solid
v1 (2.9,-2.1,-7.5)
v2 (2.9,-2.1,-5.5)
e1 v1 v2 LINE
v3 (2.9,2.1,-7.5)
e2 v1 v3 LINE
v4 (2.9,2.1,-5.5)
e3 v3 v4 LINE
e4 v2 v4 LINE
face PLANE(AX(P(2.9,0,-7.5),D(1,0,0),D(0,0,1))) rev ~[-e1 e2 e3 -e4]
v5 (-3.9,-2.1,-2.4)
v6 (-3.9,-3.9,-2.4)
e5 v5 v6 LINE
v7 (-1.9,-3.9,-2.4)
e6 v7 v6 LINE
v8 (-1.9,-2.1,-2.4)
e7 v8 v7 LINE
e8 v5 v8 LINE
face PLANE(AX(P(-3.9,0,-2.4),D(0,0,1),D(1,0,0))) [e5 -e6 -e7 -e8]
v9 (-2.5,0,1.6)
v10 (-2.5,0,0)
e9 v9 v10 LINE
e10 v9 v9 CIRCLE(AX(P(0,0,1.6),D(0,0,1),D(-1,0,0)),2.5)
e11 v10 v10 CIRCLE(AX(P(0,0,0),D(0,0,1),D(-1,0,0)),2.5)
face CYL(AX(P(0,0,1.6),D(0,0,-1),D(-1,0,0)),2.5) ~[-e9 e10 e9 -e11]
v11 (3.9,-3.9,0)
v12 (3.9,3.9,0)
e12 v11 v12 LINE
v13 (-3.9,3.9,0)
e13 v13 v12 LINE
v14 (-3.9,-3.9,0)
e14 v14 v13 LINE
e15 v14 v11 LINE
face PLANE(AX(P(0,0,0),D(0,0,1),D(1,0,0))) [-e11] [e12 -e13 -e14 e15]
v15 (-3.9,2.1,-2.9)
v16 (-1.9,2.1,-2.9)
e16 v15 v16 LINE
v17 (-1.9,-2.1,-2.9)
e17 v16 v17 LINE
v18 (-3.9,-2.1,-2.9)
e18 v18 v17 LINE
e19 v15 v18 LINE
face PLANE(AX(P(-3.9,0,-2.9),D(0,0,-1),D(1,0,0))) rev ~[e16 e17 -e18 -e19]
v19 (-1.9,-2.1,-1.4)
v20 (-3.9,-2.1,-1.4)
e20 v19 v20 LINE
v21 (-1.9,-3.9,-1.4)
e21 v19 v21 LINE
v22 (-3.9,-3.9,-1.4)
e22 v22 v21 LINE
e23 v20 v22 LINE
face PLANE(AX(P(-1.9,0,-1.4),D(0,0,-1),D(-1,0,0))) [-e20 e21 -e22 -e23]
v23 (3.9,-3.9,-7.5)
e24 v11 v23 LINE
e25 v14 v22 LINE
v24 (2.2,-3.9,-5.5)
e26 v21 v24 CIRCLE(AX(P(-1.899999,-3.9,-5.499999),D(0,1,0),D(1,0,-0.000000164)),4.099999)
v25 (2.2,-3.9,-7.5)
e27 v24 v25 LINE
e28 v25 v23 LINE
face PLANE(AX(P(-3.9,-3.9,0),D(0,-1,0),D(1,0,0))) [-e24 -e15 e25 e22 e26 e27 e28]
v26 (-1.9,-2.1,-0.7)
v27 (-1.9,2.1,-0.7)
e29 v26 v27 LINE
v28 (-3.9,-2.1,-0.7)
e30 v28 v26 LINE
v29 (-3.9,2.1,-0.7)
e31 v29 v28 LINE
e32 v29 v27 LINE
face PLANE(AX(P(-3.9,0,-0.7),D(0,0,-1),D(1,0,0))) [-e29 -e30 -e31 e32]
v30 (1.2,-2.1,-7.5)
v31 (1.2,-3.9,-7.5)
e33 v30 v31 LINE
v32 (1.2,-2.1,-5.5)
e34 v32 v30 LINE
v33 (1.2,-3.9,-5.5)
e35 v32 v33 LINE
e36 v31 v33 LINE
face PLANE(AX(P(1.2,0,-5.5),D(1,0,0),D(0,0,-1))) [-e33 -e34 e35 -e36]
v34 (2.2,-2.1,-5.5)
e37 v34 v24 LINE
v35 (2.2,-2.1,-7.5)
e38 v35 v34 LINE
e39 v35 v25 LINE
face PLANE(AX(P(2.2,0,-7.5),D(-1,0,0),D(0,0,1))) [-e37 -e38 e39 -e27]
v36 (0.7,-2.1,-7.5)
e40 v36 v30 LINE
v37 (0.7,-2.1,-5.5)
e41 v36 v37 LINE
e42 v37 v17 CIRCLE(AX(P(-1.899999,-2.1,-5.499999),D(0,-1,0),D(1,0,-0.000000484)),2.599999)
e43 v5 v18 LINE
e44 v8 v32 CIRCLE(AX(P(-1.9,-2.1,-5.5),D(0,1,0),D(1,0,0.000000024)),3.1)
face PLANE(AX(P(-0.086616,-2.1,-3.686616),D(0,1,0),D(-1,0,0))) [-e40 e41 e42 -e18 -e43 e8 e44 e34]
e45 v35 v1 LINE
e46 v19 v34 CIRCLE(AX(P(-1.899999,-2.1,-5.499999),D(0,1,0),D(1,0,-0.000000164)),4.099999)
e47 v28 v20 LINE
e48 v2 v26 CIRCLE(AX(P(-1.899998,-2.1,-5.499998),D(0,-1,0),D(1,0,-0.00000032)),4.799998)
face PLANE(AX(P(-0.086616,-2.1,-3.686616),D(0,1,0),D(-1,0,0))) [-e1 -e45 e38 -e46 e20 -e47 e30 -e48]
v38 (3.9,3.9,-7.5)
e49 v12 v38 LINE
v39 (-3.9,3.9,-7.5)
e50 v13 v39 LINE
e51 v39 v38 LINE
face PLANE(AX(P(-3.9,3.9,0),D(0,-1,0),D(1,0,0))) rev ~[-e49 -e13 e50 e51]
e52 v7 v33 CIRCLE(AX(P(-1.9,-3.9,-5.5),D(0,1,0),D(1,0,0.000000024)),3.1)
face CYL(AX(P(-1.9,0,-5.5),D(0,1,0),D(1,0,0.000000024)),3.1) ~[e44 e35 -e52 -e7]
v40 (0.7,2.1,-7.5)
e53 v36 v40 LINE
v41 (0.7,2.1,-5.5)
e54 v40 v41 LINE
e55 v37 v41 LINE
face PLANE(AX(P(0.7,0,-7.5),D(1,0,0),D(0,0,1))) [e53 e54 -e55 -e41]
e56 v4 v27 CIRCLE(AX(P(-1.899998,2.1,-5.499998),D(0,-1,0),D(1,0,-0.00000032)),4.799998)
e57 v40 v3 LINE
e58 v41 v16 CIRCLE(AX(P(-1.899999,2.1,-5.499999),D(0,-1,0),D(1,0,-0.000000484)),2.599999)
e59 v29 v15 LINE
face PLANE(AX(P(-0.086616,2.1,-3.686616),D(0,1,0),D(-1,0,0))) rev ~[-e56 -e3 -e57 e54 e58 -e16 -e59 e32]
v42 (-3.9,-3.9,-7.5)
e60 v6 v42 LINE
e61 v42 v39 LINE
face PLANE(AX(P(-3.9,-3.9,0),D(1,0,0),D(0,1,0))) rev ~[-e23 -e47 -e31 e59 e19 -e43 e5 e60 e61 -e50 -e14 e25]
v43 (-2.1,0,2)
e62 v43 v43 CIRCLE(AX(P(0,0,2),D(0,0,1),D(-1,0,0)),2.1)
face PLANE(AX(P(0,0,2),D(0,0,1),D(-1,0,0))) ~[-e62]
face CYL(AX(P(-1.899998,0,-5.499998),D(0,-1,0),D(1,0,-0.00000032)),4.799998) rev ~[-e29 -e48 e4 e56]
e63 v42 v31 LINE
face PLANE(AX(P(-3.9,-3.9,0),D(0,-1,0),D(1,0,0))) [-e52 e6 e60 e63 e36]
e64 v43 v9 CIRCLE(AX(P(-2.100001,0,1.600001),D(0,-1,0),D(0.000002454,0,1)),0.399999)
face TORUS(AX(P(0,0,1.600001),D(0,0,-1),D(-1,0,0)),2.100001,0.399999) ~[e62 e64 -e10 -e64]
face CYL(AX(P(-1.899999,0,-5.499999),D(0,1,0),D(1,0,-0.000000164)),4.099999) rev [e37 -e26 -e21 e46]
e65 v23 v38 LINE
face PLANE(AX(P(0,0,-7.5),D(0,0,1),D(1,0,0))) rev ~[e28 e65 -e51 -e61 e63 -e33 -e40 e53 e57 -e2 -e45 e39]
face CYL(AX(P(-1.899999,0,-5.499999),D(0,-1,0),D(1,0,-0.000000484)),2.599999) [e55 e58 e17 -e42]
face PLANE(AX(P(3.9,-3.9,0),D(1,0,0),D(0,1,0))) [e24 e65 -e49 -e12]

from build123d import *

# Parameters (mm, degrees)
SKETCH001_W     = 7.8
SKETCH001_H     = 7.8
PAD_DEPTH       = 7.5
POCKET_DEPTH    = 2.1
POCKET001_DEPTH = 5


with BuildPart() as part:
    # Sketch → Revolution (revolve)
    with BuildSketch(Plane.XZ):
        with BuildLine():
            Line((0, 0), (0, 2))
            Line((0, 2), (-2.1, 2))
            ThreePointArc((-2.1, 2), (-2.382843, 1.882843), (-2.5, 1.6))
            Line((-2.5, 1.6), (-2.5, 0))
            Line((-2.5, 0), (0, 0))
        make_face()
    revolve(axis=Axis((0, 0, 0), (0, 0, 1)))

    # Sketch001 → Pad (new body)
    with BuildSketch(Plane.XY):
        Rectangle(SKETCH001_W, SKETCH001_H)
    extrude(amount=-PAD_DEPTH)

    # Sketch002 → Pocket (cut, symmetric)
    with BuildSketch(Plane.XZ):
        with BuildLine():
            Line((-3.9, -0.7), (-1.9, -0.7))
            ThreePointArc((2.9, -5.5), (1.494113, -2.105887), (-1.9, -0.7))
            Line((2.9, -7.5), (2.9, -5.5))
            Line((0.7, -7.5), (2.9, -7.5))
            Line((0.7, -7.5), (0.7, -5.5))
            ThreePointArc((0.7, -5.5), (-0.061522, -3.661522), (-1.9, -2.9))
            Line((-3.9, -2.9), (-1.9, -2.9))
            Line((-3.9, -0.7), (-3.9, -2.9))
        make_face()
    extrude(amount=POCKET_DEPTH, both=True, mode=Mode.SUBTRACT)

    # Sketch003 → Pocket001 (cut)
    with BuildSketch(Plane.XZ):
        with BuildLine():
            Line((-1.9, -1.4), (-3.9, -1.4))
            Line((-3.9, -1.4), (-3.9, -2.4))
            Line((-3.9, -2.4), (-1.9, -2.4))
            ThreePointArc((1.2, -5.5), (0.292031, -3.307969), (-1.9, -2.4))
            Line((1.2, -5.5), (1.2, -7.5))
            Line((1.2, -7.5), (2.2, -7.5))
            Line((2.2, -7.5), (2.2, -5.5))
            ThreePointArc((2.2, -5.5), (0.999138, -2.600862), (-1.9, -1.4))
        make_face()
    extrude(amount=POCKET001_DEPTH, mode=Mode.SUBTRACT)


solid = part.part
